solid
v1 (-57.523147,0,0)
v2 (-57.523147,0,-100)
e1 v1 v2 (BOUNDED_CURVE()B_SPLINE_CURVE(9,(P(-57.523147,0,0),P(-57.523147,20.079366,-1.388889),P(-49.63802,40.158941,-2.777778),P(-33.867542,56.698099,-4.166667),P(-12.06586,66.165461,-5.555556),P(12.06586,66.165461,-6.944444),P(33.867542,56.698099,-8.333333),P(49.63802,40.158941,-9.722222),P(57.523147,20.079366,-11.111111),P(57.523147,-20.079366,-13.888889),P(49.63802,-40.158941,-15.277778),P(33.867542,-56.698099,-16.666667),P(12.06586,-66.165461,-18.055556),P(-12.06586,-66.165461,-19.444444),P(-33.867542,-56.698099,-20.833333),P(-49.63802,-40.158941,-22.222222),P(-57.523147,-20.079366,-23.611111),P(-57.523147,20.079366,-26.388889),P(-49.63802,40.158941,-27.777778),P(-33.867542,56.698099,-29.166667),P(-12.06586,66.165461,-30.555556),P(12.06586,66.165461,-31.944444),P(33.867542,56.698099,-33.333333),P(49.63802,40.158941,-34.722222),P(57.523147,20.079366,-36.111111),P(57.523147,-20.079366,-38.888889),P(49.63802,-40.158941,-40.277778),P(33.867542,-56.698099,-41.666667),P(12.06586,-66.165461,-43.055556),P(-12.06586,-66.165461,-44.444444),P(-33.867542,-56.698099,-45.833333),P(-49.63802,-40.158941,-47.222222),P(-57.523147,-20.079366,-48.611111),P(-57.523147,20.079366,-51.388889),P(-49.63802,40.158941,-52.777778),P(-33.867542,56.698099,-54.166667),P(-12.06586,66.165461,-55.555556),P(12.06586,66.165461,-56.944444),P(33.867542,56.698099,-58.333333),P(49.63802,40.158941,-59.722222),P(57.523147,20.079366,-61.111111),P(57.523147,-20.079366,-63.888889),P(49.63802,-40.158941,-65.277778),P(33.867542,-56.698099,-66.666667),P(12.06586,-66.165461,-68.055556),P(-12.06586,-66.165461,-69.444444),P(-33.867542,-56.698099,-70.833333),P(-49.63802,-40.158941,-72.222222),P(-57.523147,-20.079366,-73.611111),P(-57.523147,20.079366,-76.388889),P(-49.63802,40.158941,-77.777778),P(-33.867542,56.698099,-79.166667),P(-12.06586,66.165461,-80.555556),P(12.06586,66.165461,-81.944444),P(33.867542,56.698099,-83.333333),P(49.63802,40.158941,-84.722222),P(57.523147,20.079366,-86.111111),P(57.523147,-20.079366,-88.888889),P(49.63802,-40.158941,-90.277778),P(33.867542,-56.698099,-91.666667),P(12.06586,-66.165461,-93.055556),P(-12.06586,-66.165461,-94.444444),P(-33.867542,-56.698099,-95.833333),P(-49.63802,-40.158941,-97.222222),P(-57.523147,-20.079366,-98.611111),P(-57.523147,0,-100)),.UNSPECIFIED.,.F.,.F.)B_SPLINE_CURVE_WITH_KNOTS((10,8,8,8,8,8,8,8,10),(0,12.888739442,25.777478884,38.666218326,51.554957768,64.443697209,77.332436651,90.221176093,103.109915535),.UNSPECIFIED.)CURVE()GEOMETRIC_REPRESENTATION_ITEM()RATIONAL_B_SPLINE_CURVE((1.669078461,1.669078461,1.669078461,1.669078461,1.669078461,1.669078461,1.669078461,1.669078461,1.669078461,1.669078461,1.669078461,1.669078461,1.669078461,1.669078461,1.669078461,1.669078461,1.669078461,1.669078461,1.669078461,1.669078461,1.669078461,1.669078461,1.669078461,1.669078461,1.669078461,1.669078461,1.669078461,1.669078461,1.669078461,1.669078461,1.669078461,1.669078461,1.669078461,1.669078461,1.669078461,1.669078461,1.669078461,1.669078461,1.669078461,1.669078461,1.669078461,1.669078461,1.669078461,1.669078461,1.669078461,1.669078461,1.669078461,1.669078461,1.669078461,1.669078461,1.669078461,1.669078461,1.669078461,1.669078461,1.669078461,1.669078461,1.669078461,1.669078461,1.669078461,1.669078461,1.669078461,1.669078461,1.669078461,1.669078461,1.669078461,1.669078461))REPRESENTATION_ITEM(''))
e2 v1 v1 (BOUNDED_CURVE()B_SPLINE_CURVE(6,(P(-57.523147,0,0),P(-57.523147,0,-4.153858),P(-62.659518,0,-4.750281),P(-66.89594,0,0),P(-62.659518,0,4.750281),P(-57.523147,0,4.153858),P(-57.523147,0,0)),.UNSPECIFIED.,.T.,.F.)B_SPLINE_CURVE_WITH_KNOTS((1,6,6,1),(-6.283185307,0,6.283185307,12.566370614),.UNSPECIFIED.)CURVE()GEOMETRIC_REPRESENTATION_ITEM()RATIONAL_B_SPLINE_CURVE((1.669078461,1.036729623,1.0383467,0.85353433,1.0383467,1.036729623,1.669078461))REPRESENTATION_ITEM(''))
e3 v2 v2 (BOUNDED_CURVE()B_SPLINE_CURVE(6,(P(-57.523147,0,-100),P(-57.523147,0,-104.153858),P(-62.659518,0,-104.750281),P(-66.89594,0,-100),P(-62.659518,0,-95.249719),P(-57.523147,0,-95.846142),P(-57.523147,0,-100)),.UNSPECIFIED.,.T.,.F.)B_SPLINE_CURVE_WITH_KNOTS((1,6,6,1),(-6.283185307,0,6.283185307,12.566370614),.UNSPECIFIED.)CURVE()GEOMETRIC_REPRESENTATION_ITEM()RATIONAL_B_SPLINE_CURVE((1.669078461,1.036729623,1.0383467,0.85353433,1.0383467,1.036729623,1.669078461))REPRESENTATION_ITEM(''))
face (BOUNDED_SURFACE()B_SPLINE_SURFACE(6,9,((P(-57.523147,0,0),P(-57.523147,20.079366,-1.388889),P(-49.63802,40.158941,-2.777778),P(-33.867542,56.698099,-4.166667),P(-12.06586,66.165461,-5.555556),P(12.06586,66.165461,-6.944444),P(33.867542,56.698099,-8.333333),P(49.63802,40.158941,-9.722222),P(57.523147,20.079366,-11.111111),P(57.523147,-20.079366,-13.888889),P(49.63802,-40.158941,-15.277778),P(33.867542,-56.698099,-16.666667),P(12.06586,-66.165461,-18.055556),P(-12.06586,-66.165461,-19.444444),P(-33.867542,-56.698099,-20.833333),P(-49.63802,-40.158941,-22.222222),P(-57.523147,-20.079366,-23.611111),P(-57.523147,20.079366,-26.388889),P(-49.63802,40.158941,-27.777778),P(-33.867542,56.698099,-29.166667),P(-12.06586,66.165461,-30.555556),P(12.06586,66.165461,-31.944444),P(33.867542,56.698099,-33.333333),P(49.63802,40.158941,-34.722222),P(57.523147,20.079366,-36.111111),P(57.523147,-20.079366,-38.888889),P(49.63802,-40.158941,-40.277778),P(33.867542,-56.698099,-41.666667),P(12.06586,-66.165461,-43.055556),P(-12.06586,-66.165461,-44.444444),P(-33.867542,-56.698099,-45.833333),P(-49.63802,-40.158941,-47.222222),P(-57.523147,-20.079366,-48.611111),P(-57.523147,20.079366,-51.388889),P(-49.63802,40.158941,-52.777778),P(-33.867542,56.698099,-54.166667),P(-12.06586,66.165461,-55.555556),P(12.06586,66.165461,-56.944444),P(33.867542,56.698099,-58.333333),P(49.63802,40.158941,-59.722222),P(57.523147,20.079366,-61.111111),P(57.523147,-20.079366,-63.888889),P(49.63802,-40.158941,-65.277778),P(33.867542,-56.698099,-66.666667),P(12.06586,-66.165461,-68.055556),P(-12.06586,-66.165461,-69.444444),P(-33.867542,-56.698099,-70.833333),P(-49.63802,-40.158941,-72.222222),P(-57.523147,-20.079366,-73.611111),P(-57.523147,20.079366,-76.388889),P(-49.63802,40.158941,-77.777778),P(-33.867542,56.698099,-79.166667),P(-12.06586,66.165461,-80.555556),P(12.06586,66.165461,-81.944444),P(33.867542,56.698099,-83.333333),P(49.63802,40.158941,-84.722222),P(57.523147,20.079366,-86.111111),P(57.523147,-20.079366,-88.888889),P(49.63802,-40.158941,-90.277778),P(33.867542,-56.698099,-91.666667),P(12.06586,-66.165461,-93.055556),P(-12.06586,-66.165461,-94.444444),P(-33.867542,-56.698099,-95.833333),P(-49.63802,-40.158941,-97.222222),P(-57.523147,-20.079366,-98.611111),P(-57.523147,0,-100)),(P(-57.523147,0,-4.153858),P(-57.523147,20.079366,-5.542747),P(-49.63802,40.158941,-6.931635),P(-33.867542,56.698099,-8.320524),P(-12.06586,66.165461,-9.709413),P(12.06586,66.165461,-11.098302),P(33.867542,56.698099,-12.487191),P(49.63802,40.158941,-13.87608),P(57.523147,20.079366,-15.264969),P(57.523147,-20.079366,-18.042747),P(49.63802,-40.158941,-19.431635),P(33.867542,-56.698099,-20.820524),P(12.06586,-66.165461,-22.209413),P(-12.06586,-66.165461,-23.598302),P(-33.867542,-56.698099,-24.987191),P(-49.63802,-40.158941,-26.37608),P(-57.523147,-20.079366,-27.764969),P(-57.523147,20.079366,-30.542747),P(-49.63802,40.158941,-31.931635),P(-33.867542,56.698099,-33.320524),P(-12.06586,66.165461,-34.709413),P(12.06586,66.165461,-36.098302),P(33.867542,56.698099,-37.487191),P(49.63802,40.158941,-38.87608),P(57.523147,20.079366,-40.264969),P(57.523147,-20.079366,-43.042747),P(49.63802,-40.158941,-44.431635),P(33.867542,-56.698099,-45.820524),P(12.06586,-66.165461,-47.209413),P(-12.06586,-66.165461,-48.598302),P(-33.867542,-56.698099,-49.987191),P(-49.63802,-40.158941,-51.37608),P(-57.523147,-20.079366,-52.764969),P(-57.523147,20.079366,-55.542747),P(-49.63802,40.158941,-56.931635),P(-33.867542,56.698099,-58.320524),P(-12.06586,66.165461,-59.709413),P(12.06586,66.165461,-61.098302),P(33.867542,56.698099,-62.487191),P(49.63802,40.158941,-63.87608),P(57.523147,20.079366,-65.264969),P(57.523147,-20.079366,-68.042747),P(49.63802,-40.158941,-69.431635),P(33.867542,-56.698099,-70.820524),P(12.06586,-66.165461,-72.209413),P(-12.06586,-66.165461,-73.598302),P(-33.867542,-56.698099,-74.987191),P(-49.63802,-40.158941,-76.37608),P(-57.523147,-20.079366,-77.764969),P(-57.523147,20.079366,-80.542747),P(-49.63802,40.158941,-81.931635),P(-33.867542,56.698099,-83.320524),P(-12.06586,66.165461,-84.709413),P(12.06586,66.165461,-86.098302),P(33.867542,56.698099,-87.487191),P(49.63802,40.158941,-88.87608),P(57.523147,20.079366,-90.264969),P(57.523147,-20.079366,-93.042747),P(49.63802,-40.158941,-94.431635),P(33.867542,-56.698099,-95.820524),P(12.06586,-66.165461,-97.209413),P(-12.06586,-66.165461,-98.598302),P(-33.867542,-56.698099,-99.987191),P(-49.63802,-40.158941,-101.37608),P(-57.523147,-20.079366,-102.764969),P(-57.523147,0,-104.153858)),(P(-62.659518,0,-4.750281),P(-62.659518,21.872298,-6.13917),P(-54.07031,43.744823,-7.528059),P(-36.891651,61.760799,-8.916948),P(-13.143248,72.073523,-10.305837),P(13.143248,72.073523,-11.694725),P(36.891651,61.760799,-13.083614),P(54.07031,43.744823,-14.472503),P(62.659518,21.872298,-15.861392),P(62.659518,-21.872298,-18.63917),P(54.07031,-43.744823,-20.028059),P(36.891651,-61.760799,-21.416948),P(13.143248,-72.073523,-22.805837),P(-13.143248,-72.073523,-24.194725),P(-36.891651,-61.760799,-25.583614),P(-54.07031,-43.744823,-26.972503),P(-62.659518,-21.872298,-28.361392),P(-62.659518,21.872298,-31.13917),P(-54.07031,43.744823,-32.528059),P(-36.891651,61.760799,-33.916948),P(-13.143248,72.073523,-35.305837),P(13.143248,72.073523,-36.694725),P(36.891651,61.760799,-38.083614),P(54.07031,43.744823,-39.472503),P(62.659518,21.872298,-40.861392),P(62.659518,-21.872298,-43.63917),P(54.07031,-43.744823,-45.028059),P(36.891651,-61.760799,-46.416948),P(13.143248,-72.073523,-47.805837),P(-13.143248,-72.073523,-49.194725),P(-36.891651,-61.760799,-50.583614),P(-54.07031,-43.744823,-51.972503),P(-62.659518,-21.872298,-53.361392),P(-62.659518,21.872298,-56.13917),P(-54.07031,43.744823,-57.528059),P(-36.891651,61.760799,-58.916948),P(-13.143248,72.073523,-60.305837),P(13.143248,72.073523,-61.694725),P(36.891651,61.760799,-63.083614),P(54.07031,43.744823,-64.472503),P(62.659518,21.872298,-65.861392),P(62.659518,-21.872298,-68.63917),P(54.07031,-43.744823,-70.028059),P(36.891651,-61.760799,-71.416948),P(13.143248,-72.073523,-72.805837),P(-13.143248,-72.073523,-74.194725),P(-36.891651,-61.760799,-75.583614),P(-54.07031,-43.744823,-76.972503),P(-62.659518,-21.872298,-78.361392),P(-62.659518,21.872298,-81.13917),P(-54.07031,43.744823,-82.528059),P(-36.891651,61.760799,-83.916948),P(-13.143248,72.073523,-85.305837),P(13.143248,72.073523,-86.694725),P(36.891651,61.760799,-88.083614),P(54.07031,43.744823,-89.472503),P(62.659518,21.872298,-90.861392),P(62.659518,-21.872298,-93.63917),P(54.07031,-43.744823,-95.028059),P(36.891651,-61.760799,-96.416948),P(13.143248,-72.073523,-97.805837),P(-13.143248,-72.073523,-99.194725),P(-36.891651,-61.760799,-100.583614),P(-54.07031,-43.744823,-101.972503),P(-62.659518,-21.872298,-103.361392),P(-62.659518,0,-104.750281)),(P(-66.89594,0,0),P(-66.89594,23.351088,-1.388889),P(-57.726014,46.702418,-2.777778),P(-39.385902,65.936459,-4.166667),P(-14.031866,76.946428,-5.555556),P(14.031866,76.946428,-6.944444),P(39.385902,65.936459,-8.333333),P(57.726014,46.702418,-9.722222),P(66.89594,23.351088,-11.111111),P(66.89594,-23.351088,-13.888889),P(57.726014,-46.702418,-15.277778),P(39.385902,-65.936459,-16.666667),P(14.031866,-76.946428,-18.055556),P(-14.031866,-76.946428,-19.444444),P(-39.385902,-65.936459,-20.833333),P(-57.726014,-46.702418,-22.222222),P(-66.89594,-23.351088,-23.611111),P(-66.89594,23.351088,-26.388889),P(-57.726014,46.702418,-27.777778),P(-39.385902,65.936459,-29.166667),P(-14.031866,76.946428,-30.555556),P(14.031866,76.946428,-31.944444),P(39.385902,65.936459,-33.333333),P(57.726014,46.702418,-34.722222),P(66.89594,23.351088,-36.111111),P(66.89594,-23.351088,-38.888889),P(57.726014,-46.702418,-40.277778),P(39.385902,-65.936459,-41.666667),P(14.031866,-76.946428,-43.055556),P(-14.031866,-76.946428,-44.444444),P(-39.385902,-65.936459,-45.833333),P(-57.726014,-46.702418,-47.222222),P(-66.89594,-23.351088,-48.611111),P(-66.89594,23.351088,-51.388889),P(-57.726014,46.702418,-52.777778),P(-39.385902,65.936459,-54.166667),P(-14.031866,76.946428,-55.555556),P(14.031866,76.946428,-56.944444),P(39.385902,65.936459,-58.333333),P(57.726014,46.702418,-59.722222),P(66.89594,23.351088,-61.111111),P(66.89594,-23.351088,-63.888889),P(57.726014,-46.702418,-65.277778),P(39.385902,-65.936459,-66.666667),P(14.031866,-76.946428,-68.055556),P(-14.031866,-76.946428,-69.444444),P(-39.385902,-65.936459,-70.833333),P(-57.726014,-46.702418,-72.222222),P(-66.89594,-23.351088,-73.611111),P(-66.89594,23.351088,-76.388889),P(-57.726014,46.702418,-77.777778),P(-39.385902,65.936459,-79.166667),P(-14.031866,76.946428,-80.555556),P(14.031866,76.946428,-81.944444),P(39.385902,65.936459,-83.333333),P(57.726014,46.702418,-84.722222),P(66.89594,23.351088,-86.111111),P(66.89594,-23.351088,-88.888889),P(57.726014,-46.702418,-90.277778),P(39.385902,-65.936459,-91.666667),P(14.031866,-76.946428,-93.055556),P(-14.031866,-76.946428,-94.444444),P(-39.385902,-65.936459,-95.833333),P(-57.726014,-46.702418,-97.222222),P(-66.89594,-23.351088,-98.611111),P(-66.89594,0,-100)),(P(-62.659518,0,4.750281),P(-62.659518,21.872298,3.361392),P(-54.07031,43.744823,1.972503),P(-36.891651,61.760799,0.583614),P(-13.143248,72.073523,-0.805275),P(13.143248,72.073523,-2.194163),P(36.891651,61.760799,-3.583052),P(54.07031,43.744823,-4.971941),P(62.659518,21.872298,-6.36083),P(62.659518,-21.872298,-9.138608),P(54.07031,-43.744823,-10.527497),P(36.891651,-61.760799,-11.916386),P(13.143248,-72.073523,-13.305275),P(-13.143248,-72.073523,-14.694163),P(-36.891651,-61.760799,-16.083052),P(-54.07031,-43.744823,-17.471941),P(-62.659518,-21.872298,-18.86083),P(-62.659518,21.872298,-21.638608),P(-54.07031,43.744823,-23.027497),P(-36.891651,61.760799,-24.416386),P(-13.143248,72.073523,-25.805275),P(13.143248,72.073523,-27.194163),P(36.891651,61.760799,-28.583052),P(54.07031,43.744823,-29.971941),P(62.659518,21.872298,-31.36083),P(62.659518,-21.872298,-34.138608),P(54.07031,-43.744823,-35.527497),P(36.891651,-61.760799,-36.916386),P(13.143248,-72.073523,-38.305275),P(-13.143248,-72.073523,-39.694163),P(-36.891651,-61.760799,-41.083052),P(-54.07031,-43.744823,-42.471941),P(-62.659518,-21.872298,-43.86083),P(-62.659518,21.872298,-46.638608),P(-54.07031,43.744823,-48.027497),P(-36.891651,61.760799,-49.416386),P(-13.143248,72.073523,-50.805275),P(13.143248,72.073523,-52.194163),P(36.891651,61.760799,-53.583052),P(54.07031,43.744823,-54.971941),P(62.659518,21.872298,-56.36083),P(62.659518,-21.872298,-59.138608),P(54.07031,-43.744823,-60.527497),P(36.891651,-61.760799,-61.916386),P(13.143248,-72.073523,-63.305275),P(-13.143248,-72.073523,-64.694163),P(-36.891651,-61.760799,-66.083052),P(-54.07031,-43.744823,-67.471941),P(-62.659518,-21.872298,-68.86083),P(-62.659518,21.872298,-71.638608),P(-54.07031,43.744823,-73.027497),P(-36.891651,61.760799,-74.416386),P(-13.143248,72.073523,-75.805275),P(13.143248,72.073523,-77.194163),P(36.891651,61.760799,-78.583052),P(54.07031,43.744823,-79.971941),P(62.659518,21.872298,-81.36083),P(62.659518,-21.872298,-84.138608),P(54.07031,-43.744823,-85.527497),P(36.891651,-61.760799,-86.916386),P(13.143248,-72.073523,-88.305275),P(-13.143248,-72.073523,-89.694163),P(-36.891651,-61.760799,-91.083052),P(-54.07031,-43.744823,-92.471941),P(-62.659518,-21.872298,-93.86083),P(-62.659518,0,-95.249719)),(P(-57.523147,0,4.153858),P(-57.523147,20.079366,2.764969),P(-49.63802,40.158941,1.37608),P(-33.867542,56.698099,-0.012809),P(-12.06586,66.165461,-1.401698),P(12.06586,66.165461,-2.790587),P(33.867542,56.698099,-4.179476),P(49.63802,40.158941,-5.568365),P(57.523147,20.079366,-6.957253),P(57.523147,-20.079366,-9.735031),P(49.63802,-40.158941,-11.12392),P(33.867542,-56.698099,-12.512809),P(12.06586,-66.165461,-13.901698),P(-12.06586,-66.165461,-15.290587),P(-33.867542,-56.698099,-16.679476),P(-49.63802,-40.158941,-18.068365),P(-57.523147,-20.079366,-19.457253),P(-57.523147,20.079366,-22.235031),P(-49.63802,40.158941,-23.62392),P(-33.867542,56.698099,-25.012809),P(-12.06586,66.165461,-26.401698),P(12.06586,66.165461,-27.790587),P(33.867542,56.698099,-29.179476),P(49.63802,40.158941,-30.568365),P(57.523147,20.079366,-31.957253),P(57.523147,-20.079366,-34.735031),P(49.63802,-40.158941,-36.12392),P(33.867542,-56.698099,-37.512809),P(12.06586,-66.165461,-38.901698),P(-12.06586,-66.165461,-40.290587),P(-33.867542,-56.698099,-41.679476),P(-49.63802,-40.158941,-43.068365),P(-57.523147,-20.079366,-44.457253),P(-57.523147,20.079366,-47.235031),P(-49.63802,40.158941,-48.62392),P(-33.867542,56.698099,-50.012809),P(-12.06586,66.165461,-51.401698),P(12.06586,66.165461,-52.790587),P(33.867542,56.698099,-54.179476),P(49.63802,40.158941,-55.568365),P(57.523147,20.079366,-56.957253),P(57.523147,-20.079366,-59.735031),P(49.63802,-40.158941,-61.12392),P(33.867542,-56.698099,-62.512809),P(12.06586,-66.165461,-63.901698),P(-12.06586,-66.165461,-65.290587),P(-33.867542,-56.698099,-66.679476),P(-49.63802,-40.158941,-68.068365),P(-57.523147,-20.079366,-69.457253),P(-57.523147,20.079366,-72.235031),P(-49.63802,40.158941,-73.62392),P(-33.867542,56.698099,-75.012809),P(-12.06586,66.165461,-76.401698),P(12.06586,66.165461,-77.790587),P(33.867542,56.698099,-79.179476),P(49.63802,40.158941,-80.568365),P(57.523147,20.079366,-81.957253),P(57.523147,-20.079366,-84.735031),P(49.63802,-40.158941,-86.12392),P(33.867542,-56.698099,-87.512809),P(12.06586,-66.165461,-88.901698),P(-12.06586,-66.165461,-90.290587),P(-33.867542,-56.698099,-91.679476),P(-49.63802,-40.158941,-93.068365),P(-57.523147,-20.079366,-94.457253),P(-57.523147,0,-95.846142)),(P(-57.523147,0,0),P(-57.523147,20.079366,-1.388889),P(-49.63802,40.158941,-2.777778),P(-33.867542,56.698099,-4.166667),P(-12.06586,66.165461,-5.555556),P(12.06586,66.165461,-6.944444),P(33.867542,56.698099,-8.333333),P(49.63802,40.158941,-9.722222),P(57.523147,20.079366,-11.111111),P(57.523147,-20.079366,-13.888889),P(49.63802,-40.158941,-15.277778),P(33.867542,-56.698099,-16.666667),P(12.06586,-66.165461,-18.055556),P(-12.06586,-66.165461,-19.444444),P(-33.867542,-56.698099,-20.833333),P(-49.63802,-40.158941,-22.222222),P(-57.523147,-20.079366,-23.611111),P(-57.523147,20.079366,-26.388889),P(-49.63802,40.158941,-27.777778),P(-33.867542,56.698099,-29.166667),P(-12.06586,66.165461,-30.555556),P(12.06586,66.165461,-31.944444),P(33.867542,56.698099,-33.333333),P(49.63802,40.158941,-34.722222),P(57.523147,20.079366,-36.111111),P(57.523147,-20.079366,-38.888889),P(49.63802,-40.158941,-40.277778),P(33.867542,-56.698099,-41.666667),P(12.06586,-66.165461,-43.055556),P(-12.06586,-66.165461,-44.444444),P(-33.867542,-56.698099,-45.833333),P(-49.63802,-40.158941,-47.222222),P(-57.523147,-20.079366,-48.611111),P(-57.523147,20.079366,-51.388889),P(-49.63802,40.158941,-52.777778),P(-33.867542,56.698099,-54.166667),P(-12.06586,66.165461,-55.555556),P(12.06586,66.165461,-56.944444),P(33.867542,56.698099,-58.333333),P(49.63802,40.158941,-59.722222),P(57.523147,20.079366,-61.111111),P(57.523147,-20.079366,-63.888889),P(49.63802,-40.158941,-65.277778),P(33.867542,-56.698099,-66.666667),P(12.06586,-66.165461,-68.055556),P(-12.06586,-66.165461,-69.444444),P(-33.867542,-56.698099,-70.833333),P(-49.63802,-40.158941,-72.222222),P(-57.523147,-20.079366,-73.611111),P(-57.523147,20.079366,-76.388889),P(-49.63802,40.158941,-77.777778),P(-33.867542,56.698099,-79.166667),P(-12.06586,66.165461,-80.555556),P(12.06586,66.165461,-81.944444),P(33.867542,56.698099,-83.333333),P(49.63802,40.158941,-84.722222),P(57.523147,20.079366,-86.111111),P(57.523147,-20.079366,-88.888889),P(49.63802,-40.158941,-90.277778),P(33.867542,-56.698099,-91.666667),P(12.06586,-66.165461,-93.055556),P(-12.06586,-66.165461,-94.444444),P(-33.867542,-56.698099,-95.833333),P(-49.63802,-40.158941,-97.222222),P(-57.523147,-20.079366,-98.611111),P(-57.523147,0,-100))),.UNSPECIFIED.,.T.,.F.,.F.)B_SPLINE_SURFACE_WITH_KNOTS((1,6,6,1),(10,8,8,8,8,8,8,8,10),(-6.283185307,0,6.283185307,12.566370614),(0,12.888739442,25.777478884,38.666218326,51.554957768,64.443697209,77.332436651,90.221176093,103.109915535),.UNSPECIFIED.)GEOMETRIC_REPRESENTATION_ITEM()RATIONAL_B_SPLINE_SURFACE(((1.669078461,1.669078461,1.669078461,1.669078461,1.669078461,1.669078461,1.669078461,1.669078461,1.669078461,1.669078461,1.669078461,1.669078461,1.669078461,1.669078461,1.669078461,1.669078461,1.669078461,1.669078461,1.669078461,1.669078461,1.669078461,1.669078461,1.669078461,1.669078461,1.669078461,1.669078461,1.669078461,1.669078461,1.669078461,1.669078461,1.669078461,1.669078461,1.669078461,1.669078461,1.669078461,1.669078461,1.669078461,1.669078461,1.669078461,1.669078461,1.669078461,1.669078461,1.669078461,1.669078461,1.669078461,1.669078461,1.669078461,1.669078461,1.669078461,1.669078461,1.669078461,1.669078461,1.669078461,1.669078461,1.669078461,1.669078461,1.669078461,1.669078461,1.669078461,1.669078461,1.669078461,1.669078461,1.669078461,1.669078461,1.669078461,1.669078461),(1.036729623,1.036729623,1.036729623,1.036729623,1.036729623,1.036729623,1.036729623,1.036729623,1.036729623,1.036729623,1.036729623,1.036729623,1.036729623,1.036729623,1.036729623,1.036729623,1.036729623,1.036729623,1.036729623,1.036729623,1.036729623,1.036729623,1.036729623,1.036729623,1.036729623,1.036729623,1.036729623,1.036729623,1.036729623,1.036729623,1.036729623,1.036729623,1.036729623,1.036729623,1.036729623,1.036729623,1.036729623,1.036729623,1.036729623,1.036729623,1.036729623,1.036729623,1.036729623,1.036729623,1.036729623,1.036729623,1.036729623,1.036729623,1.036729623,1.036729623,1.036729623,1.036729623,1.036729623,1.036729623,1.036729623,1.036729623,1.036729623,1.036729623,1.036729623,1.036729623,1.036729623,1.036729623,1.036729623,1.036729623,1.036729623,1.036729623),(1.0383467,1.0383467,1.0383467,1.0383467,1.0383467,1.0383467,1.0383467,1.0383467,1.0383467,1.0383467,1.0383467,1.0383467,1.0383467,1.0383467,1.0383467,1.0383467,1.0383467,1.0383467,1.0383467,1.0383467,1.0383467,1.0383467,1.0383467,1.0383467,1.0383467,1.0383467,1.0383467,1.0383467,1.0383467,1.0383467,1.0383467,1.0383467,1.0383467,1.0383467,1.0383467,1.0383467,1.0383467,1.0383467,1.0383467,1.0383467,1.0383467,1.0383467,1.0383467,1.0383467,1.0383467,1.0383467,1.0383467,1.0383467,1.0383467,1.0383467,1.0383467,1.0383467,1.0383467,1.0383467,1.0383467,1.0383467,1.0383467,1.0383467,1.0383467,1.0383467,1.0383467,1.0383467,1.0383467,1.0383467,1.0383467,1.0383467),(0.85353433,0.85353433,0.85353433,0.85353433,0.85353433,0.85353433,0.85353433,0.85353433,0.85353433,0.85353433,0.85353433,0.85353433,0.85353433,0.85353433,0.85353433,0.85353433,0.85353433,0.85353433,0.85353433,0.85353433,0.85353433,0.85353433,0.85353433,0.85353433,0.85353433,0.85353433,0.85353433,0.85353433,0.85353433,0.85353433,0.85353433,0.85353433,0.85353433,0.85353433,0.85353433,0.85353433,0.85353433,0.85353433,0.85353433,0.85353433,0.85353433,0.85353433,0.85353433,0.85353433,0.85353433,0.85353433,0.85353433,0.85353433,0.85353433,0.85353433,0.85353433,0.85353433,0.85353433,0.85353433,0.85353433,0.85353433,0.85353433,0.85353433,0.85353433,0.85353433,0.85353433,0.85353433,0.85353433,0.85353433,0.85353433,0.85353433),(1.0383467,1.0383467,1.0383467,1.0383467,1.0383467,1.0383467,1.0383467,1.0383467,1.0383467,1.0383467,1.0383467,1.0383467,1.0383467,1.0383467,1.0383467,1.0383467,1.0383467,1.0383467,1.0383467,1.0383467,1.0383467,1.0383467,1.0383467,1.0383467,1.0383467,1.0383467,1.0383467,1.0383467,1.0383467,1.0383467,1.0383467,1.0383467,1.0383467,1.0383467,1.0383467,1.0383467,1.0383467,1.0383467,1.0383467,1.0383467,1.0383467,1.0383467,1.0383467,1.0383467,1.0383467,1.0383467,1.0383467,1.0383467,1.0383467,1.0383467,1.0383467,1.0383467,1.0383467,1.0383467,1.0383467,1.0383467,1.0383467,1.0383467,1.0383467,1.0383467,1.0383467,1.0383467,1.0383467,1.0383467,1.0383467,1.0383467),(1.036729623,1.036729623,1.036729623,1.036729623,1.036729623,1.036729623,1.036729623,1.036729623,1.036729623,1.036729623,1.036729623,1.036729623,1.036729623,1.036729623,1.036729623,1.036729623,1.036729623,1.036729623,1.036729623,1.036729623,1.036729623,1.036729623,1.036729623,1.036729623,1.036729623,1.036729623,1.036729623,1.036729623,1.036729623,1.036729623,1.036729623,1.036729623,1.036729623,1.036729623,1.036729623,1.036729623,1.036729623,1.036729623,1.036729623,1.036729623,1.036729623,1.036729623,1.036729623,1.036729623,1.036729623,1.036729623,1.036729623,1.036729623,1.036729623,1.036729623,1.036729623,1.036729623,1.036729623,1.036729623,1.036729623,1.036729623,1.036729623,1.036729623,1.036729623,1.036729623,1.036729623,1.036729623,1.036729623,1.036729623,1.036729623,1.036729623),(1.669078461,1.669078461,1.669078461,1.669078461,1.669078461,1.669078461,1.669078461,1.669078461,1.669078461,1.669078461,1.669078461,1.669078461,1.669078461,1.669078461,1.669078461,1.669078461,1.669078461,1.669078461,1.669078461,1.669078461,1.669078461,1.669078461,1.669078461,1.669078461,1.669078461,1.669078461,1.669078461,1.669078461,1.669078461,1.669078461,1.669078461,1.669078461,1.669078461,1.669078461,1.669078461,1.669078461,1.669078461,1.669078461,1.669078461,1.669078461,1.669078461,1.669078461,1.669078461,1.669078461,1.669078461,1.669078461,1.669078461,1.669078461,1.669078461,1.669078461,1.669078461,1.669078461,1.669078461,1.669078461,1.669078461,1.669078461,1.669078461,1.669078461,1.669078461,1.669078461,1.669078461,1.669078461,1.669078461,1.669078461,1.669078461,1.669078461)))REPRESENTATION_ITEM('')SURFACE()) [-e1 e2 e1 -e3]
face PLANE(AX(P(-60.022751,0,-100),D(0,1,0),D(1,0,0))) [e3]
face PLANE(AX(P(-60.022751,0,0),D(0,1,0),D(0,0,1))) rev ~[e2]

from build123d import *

# Parameters (mm, degrees)
SWEEP1_PITCH  = 25
SWEEP1_HEIGHT = 100
SWEEP1_RADIUS = 60
SKETCH3_R     = 2.5


with BuildPart() as part:
    # Sweep1: sweep along a helix
    with BuildLine() as sweep1_path:
        Helix(SWEEP1_PITCH, SWEEP1_HEIGHT, SWEEP1_RADIUS, center=(0, 0, 0), direction=(0, 0, -1))
    # Sketch3 → Sweep1 (sweep)
    with BuildSketch(Plane(origin=(0, 0, 0), x_dir=(1, 0, 0), z_dir=(0, 1, 0))):
        with Locations((-60.023147398, 0)):
            Circle(SKETCH3_R)
    sweep(path=sweep1_path.line, is_frenet=True)


solid = part.part
